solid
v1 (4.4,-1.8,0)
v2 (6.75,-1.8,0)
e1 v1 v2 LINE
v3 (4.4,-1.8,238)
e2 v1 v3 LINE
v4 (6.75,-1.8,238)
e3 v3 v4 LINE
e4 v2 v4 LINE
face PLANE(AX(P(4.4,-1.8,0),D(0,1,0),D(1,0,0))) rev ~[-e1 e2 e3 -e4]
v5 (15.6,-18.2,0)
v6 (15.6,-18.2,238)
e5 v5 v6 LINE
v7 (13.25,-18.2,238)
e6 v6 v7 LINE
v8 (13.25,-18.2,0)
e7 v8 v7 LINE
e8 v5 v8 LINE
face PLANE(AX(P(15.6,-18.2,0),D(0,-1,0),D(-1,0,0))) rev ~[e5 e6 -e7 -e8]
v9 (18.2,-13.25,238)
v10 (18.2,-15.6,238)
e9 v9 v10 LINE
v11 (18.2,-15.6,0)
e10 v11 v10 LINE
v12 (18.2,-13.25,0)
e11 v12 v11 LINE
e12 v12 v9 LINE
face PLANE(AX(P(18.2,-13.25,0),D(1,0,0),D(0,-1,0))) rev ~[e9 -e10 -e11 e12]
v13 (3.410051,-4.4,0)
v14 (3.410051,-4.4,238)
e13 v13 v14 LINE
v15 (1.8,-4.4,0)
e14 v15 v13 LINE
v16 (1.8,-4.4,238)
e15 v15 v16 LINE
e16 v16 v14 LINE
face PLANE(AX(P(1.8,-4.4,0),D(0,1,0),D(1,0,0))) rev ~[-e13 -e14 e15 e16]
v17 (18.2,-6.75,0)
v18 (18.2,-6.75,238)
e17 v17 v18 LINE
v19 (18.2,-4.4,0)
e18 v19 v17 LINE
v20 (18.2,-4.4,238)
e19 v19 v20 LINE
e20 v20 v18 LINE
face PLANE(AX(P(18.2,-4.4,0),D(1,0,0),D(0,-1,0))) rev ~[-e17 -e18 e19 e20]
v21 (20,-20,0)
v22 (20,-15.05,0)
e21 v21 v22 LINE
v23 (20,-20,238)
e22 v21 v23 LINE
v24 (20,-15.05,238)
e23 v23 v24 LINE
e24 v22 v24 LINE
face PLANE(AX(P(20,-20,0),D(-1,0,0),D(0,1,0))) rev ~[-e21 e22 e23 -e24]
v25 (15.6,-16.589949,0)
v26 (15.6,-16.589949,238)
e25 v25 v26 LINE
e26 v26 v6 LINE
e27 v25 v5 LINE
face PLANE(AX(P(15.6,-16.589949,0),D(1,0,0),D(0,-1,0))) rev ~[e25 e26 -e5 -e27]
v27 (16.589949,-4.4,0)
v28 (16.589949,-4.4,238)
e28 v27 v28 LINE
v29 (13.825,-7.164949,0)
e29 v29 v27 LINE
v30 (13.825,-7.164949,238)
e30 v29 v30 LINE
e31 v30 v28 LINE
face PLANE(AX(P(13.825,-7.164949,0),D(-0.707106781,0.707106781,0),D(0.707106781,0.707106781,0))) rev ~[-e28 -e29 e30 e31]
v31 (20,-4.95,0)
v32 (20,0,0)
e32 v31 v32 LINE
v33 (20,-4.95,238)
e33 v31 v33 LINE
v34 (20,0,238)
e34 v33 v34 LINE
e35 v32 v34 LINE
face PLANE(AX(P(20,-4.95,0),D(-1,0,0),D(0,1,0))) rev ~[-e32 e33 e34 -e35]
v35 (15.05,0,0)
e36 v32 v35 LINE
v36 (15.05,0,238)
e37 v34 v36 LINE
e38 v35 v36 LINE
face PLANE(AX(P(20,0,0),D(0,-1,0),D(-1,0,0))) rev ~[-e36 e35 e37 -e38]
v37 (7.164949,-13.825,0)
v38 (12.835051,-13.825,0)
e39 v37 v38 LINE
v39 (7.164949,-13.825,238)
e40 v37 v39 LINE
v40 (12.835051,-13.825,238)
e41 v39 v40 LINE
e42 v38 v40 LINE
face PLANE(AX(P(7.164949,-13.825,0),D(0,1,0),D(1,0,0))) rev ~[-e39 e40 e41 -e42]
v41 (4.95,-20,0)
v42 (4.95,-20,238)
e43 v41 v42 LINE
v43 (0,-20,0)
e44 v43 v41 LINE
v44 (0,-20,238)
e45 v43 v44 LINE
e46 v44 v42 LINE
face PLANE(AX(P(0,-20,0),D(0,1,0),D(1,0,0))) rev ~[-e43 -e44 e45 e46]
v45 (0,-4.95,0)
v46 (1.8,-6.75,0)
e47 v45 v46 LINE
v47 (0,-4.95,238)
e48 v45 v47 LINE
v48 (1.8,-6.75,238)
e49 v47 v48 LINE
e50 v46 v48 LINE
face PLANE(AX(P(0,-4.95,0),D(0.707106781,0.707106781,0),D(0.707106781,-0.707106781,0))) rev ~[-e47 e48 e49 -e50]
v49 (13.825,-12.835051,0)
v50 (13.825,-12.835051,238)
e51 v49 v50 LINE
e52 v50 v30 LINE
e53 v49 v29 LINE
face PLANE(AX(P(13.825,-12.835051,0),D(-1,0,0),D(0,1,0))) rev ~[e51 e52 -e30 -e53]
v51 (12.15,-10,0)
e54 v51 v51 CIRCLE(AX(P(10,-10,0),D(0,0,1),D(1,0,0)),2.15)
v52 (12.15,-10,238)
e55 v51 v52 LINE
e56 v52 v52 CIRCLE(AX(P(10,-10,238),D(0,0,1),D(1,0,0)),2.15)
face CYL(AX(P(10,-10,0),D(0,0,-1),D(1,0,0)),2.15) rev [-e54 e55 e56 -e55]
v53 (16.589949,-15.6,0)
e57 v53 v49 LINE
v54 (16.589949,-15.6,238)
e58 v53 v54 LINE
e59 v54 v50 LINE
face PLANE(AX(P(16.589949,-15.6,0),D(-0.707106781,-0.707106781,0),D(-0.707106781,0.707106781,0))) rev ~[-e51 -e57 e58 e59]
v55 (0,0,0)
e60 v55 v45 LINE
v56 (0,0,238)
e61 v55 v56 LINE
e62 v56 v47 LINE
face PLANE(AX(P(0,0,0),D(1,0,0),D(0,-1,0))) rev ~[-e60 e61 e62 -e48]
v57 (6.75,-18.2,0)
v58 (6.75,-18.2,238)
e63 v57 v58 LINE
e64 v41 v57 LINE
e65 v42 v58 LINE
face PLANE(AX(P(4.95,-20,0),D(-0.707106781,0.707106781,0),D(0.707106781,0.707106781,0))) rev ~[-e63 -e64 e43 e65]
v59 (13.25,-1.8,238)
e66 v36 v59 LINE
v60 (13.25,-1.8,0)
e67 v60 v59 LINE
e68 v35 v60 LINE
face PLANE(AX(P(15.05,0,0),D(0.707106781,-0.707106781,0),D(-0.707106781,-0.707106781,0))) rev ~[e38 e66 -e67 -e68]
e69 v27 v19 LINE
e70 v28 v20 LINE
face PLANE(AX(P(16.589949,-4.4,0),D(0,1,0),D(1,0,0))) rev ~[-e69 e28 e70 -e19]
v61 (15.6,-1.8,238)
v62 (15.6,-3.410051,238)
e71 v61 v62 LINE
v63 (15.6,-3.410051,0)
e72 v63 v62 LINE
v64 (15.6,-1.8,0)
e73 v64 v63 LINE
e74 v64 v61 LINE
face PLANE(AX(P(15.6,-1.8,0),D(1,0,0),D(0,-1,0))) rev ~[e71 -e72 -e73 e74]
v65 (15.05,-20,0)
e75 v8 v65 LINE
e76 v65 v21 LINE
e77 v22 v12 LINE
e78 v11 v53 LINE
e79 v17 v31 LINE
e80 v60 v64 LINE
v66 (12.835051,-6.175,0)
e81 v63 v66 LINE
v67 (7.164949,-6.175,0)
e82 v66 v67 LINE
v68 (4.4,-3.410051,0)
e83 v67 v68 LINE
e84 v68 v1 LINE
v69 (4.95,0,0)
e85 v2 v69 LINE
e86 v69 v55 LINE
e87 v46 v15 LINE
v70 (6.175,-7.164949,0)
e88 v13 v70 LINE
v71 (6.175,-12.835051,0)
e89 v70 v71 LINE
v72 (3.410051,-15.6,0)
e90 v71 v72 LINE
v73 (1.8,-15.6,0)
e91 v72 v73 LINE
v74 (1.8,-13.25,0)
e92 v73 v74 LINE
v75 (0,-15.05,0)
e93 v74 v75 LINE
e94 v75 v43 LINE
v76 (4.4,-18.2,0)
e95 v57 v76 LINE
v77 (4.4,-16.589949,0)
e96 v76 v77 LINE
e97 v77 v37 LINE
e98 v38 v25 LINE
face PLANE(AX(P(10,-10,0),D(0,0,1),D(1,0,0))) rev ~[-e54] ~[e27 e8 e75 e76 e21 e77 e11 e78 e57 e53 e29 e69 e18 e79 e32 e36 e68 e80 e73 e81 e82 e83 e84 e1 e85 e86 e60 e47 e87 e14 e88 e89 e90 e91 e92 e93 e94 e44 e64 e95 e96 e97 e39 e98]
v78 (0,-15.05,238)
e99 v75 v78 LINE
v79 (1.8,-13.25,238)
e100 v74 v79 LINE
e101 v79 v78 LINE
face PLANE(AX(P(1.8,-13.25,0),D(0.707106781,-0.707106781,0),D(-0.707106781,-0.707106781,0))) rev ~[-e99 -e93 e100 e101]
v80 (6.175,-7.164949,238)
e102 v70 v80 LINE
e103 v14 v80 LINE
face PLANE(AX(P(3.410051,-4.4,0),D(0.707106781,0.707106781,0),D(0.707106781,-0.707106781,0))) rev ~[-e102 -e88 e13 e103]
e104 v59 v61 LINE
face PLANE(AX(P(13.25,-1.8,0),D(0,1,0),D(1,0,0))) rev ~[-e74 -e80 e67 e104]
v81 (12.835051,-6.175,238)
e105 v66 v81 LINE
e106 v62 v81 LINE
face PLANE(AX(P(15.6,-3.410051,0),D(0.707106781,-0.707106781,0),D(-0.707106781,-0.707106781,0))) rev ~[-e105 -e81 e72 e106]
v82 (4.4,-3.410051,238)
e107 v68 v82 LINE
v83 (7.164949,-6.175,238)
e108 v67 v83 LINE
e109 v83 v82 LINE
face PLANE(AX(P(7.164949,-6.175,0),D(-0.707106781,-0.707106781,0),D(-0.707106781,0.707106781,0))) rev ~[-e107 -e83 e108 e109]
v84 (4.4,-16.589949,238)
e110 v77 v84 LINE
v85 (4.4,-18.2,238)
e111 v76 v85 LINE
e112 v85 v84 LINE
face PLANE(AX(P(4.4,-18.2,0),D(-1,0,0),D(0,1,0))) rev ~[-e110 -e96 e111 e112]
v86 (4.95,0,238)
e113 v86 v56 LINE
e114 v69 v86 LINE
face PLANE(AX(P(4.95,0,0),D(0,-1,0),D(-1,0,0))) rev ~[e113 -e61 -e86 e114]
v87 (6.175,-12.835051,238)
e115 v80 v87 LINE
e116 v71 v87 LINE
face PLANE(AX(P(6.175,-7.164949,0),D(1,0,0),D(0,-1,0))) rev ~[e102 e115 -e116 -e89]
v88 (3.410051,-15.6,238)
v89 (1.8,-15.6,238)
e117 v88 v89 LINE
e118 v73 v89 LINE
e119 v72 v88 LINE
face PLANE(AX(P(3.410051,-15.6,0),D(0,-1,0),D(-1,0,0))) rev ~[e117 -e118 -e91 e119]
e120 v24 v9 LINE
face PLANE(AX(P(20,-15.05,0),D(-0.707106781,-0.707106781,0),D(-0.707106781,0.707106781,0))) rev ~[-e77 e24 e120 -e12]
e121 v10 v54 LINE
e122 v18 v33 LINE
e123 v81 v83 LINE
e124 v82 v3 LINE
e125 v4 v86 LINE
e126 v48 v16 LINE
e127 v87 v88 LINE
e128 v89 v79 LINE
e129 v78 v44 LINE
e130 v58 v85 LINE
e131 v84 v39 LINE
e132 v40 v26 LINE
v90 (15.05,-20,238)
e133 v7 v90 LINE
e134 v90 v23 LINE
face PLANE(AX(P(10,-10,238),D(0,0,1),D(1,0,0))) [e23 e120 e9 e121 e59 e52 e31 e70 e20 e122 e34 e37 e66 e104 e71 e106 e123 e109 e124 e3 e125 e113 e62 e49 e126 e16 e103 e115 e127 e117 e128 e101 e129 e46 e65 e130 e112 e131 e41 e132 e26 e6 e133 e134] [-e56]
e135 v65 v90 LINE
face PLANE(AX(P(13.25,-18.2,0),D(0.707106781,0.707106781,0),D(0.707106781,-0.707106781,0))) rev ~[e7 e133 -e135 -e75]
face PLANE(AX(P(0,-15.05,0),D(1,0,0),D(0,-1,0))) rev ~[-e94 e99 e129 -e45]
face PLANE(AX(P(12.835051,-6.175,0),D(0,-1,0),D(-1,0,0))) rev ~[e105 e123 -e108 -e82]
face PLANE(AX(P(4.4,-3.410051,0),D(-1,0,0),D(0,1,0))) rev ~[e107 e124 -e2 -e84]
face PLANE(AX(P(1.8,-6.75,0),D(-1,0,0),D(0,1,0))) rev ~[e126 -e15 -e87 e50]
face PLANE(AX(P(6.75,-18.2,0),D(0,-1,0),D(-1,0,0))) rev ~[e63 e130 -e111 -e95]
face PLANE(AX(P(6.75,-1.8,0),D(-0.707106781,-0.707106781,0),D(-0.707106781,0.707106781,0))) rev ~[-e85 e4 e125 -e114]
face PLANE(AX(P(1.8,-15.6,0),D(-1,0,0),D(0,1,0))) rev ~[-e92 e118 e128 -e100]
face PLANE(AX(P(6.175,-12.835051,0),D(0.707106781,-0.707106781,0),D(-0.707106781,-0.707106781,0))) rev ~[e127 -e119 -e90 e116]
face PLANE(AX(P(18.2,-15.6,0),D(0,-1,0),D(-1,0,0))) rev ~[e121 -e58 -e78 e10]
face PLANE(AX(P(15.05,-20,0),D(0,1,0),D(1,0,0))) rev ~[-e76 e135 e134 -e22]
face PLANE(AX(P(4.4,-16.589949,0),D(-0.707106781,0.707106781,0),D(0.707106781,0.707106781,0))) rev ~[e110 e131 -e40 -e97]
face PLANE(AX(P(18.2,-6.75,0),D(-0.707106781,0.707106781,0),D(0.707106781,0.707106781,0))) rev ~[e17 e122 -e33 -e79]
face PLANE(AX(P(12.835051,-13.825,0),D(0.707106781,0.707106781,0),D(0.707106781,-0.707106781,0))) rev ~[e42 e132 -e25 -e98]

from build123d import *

# Parameters (mm, degrees)
CROQUIS1_R              = 2.15
SALIENTE_EXTRUIR2_DEPTH = 238


with BuildPart() as part:
    # Croquis1 → Saliente-Extruir2 (new body)
    with BuildSketch(Plane.XY):
        Polygon((4.4, 0), (0, 0), (0, -0.56736664), (0, -4.4), (0, -4.95), (1.8, -6.75), (1.8, -4.4), (3.410050506, -4.4), (6.175, -7.164949494), (6.175, -12.835050506), (3.410050506, -15.6), (1.8, -15.6), (1.8, -13.25), (0, -15.05), (0, -15.6), (0, -20), (4.4, -20), (4.95, -20), (6.75, -18.2), (4.4, -18.2), (4.4, -16.589949494), (7.164949494, -13.825), (12.835050506, -13.825), (15.6, -16.589949494), (15.6, -18.2), (13.25, -18.2), (15.05, -20), (15.6, -20), (18.2, -20), (20, -20), (20, -15.6), (20, -15.05), (18.2, -13.25), (18.2, -15.6), (16.589949494, -15.6), (13.825, -12.835050506), (13.825, -7.164949494), (16.589949494, -4.4), (18.2, -4.4), (18.2, -6.75), (20, -4.95), (20, -4.4), (20, 0), (15.6, 0), (15.05, 0), (13.25, -1.8), (15.6, -1.8), (15.6, -3.410050506), (12.835050506, -6.175), (7.164949494, -6.175), (4.4, -3.410050506), (4.4, -1.8), (6.75, -1.8), (4.95, 0), align=None)
        with Locations((10, -10)):
            Circle(CROQUIS1_R, mode=Mode.SUBTRACT)
    extrude(amount=SALIENTE_EXTRUIR2_DEPTH)


solid = part.part
